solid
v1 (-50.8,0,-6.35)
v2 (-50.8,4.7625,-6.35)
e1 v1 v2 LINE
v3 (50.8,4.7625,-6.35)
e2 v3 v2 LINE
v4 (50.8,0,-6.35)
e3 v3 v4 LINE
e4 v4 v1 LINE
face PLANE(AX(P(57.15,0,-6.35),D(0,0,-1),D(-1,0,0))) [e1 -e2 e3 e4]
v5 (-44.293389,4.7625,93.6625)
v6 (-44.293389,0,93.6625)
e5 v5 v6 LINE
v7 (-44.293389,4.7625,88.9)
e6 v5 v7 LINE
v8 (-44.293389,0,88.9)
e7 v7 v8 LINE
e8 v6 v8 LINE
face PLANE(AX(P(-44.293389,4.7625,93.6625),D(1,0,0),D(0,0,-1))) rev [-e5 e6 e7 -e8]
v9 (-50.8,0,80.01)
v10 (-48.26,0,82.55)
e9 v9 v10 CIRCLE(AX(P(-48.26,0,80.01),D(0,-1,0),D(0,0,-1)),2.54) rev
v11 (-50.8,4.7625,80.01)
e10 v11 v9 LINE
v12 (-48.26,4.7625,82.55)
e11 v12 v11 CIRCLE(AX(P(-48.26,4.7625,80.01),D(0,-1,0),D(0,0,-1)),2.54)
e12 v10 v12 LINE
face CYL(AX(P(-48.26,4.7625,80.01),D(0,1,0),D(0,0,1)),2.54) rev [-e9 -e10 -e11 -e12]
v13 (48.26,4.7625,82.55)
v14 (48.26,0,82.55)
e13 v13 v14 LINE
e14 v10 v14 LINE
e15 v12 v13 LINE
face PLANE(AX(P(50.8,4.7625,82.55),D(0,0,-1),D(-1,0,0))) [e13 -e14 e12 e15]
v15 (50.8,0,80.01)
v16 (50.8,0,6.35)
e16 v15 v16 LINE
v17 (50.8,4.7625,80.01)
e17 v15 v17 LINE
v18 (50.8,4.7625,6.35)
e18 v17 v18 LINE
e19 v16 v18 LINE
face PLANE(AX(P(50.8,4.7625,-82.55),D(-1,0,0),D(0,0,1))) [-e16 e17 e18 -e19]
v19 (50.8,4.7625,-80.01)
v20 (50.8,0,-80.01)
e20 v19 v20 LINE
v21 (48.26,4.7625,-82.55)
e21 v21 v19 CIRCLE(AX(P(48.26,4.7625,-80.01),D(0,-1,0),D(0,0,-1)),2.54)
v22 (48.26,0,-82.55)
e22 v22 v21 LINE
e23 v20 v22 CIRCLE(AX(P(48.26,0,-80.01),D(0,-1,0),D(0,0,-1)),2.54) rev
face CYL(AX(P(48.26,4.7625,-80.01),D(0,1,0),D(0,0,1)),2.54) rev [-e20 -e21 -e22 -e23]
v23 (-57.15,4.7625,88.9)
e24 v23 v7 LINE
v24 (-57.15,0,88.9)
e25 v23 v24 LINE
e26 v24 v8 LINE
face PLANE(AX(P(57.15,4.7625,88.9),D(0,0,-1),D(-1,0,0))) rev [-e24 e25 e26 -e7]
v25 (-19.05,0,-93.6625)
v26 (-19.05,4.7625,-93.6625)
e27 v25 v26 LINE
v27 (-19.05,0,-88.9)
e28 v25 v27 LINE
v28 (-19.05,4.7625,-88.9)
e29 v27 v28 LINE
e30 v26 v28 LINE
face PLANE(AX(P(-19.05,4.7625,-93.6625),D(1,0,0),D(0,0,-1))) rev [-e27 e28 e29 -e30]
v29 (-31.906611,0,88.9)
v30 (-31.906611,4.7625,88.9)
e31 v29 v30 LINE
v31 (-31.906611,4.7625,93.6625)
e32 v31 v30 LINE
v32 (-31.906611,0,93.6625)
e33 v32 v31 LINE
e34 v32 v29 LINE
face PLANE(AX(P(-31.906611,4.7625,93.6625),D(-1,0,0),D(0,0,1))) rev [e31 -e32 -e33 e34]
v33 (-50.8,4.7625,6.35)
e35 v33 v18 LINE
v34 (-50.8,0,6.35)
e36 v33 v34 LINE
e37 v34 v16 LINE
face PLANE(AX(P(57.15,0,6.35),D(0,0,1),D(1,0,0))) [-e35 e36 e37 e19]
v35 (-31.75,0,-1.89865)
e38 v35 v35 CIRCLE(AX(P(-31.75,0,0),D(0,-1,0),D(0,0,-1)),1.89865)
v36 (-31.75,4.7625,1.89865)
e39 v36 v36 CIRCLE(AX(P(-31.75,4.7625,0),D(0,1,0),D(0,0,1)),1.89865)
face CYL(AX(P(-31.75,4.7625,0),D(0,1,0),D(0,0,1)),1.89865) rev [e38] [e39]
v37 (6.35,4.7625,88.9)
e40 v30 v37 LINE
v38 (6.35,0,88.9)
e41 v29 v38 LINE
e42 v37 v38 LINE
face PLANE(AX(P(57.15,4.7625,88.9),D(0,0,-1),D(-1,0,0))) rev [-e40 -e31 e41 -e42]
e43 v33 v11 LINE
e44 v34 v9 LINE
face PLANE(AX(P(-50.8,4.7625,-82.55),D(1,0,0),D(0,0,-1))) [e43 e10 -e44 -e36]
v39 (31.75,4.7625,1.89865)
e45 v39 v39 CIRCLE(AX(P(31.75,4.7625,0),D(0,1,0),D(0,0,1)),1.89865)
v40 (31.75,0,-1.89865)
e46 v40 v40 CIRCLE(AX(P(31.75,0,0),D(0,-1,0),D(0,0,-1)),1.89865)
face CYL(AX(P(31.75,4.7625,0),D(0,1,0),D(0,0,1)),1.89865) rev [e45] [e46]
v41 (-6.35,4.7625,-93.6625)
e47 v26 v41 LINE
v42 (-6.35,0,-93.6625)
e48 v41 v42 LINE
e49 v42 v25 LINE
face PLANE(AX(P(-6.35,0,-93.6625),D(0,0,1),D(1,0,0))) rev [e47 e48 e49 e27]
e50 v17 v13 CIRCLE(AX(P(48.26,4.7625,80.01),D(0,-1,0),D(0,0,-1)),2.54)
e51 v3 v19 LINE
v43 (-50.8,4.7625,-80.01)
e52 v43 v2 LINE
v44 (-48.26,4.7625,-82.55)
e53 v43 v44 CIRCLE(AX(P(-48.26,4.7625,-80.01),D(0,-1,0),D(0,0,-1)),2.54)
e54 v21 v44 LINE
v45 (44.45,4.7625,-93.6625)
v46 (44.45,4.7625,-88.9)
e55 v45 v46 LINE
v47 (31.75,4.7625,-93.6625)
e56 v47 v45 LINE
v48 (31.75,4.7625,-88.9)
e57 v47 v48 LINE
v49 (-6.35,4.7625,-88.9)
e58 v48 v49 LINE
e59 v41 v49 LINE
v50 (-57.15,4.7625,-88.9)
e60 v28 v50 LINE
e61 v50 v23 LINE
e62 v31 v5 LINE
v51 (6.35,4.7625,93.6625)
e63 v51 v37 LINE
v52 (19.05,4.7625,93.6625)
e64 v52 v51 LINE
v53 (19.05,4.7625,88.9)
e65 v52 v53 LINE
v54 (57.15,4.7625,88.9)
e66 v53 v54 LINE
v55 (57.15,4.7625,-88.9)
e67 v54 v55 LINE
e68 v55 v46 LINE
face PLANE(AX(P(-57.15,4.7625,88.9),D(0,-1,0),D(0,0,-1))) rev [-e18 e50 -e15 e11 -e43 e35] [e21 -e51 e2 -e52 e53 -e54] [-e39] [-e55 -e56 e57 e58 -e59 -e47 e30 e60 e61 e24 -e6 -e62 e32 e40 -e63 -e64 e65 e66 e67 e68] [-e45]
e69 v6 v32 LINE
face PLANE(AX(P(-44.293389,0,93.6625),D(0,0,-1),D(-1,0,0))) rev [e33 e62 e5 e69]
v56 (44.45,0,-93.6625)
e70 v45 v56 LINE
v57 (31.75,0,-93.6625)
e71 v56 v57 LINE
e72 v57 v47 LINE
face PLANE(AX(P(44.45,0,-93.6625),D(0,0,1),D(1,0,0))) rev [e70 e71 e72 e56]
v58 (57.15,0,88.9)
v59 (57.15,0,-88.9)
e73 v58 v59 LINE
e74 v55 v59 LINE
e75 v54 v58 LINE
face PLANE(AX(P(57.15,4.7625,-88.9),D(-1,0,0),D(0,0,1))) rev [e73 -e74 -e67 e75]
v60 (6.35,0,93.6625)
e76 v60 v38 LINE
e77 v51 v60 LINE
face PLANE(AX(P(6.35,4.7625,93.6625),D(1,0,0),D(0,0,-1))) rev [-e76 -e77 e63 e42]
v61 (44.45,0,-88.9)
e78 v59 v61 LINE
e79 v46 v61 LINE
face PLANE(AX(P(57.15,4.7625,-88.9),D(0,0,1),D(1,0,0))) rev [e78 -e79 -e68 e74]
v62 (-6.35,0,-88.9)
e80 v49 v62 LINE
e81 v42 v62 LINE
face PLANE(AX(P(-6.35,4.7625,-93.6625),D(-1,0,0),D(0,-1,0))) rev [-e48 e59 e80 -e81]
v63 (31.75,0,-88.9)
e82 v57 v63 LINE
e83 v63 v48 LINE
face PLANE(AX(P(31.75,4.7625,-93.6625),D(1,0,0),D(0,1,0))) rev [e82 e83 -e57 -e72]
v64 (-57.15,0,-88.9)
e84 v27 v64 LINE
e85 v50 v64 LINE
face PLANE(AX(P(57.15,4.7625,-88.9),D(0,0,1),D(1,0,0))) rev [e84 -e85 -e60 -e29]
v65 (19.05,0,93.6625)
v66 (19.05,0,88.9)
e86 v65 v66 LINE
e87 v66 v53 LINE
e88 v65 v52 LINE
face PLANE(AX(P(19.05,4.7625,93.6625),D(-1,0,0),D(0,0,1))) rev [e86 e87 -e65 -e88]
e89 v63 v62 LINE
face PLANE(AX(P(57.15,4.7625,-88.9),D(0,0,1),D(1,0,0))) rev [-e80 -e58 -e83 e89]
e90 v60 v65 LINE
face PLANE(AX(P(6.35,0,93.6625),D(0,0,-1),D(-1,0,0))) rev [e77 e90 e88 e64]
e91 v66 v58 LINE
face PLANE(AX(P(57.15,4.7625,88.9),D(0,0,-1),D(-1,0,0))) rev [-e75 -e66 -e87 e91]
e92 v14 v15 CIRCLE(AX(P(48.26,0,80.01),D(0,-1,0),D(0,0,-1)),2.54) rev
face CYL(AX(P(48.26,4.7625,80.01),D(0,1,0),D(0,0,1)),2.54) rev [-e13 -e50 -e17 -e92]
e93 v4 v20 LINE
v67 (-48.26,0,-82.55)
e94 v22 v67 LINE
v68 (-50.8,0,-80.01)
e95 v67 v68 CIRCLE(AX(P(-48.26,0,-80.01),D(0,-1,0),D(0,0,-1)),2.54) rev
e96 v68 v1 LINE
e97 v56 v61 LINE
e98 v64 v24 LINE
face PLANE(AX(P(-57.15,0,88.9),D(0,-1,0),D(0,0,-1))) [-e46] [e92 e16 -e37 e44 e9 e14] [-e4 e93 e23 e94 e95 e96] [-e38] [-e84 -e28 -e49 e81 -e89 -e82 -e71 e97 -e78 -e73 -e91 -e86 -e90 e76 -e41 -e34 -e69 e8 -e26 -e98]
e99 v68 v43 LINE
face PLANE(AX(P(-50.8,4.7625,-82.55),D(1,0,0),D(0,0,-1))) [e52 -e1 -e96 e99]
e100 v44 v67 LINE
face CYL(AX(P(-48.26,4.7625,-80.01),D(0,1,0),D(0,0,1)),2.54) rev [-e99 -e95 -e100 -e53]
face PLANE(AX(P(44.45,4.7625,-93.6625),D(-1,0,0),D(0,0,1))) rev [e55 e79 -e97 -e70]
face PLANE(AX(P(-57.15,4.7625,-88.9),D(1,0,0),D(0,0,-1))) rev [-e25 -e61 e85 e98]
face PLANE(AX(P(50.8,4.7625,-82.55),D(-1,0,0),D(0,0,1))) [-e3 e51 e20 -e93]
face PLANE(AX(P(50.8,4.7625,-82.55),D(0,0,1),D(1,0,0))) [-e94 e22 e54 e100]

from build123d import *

# Parameters (mm, degrees)
SKETCH1_W                 = 114.3
SKETCH1_H                 = 177.8
SKETCH1_W_2               = 101.6
SKETCH1_H_2               = 165.1
BOSS_EXTRUDE1_DEPTH       = 4.7625
SKETCH2_W                 = 12.38677804
SKETCH2_H                 = 4.7625
SKETCH2_W_2               = 12.7
BOSS_EXTRUDE2_DEPTH       = 4.7625
SKETCH3_W                 = 12.7
SKETCH3_H                 = 4.7625
BOSS_EXTRUDE3_DEPTH       = 4.7625
FILLET1_R                 = 2.54
SKETCH4_W                 = 114.3
SKETCH4_H                 = 12.7
BOSS_EXTRUDE4_DEPTH       = 4.7625
F_6_CLEARANCE_HOLE1_D     = 3.7973
F_6_CLEARANCE_HOLE1_DEPTH = 25.4
F_6_CLEARANCE_HOLE1_TIP   = 1.140824014


with BuildPart() as part:
    # Sketch1 → Boss-Extrude1 (new body)
    with BuildSketch(Plane(origin=(0, 0, 0), x_dir=(1, 0, 0), z_dir=(0, 1, 0))):
        Rectangle(SKETCH1_W, SKETCH1_H)
        Rectangle(SKETCH1_W_2, SKETCH1_H_2, mode=Mode.SUBTRACT)
    extrude(amount=BOSS_EXTRUDE1_DEPTH)

    # Sketch2 → Boss-Extrude2 (add)
    with BuildSketch(Plane.XY.offset(88.9)):
        with Locations((-38.1, 2.38125)):
            Rectangle(SKETCH2_W, SKETCH2_H)
        with Locations((12.7, 2.38125)):
            Rectangle(SKETCH2_W_2, SKETCH2_H)
    extrude(amount=BOSS_EXTRUDE2_DEPTH)

    # Sketch3 → Boss-Extrude3 (add)
    with BuildSketch(Plane(origin=(0, 0, -88.9), x_dir=(-1, 0, 0), z_dir=(0, 0, -1))):
        with Locations((-38.1, 2.38125)):
            Rectangle(SKETCH3_W, SKETCH3_H)
        with Locations((12.7, 2.38125)):
            Rectangle(SKETCH3_W, SKETCH3_H)
    extrude(amount=BOSS_EXTRUDE3_DEPTH)

    # Fillet1
    fillet1_edges = [part.edges().sort_by_distance(p)[0] for p in [
        (50.8, 2.38125, 82.55),
        (50.8, 2.38125, -82.55),
        (-50.8, 2.38125, -82.55),
        (-50.8, 2.38125, 82.55),
    ]]
    fillet(fillet1_edges, radius=FILLET1_R)

    # Sketch4 → Boss-Extrude4 (add)
    with BuildSketch(Plane(origin=(0, 4.7625, 0), x_dir=(1, 0, 0), z_dir=(0, 1, 0))):
        Rectangle(SKETCH4_W, SKETCH4_H)
    extrude(amount=-BOSS_EXTRUDE4_DEPTH)

    # #6 Clearance Hole1
    with Locations(Plane(origin=(0, 4.7625, 0), x_dir=(-1, 0, 0), z_dir=(0, 1, 0))):
        with Locations((31.75, 0), (-31.75, 0)):
            Hole(F_6_CLEARANCE_HOLE1_D / 2, depth=F_6_CLEARANCE_HOLE1_DEPTH)
            with Locations((0, 0, -(F_6_CLEARANCE_HOLE1_DEPTH + F_6_CLEARANCE_HOLE1_TIP / 2))):  # 118° drill point
                Cone(0, F_6_CLEARANCE_HOLE1_D / 2, F_6_CLEARANCE_HOLE1_TIP, mode=Mode.SUBTRACT)


solid = part.part
